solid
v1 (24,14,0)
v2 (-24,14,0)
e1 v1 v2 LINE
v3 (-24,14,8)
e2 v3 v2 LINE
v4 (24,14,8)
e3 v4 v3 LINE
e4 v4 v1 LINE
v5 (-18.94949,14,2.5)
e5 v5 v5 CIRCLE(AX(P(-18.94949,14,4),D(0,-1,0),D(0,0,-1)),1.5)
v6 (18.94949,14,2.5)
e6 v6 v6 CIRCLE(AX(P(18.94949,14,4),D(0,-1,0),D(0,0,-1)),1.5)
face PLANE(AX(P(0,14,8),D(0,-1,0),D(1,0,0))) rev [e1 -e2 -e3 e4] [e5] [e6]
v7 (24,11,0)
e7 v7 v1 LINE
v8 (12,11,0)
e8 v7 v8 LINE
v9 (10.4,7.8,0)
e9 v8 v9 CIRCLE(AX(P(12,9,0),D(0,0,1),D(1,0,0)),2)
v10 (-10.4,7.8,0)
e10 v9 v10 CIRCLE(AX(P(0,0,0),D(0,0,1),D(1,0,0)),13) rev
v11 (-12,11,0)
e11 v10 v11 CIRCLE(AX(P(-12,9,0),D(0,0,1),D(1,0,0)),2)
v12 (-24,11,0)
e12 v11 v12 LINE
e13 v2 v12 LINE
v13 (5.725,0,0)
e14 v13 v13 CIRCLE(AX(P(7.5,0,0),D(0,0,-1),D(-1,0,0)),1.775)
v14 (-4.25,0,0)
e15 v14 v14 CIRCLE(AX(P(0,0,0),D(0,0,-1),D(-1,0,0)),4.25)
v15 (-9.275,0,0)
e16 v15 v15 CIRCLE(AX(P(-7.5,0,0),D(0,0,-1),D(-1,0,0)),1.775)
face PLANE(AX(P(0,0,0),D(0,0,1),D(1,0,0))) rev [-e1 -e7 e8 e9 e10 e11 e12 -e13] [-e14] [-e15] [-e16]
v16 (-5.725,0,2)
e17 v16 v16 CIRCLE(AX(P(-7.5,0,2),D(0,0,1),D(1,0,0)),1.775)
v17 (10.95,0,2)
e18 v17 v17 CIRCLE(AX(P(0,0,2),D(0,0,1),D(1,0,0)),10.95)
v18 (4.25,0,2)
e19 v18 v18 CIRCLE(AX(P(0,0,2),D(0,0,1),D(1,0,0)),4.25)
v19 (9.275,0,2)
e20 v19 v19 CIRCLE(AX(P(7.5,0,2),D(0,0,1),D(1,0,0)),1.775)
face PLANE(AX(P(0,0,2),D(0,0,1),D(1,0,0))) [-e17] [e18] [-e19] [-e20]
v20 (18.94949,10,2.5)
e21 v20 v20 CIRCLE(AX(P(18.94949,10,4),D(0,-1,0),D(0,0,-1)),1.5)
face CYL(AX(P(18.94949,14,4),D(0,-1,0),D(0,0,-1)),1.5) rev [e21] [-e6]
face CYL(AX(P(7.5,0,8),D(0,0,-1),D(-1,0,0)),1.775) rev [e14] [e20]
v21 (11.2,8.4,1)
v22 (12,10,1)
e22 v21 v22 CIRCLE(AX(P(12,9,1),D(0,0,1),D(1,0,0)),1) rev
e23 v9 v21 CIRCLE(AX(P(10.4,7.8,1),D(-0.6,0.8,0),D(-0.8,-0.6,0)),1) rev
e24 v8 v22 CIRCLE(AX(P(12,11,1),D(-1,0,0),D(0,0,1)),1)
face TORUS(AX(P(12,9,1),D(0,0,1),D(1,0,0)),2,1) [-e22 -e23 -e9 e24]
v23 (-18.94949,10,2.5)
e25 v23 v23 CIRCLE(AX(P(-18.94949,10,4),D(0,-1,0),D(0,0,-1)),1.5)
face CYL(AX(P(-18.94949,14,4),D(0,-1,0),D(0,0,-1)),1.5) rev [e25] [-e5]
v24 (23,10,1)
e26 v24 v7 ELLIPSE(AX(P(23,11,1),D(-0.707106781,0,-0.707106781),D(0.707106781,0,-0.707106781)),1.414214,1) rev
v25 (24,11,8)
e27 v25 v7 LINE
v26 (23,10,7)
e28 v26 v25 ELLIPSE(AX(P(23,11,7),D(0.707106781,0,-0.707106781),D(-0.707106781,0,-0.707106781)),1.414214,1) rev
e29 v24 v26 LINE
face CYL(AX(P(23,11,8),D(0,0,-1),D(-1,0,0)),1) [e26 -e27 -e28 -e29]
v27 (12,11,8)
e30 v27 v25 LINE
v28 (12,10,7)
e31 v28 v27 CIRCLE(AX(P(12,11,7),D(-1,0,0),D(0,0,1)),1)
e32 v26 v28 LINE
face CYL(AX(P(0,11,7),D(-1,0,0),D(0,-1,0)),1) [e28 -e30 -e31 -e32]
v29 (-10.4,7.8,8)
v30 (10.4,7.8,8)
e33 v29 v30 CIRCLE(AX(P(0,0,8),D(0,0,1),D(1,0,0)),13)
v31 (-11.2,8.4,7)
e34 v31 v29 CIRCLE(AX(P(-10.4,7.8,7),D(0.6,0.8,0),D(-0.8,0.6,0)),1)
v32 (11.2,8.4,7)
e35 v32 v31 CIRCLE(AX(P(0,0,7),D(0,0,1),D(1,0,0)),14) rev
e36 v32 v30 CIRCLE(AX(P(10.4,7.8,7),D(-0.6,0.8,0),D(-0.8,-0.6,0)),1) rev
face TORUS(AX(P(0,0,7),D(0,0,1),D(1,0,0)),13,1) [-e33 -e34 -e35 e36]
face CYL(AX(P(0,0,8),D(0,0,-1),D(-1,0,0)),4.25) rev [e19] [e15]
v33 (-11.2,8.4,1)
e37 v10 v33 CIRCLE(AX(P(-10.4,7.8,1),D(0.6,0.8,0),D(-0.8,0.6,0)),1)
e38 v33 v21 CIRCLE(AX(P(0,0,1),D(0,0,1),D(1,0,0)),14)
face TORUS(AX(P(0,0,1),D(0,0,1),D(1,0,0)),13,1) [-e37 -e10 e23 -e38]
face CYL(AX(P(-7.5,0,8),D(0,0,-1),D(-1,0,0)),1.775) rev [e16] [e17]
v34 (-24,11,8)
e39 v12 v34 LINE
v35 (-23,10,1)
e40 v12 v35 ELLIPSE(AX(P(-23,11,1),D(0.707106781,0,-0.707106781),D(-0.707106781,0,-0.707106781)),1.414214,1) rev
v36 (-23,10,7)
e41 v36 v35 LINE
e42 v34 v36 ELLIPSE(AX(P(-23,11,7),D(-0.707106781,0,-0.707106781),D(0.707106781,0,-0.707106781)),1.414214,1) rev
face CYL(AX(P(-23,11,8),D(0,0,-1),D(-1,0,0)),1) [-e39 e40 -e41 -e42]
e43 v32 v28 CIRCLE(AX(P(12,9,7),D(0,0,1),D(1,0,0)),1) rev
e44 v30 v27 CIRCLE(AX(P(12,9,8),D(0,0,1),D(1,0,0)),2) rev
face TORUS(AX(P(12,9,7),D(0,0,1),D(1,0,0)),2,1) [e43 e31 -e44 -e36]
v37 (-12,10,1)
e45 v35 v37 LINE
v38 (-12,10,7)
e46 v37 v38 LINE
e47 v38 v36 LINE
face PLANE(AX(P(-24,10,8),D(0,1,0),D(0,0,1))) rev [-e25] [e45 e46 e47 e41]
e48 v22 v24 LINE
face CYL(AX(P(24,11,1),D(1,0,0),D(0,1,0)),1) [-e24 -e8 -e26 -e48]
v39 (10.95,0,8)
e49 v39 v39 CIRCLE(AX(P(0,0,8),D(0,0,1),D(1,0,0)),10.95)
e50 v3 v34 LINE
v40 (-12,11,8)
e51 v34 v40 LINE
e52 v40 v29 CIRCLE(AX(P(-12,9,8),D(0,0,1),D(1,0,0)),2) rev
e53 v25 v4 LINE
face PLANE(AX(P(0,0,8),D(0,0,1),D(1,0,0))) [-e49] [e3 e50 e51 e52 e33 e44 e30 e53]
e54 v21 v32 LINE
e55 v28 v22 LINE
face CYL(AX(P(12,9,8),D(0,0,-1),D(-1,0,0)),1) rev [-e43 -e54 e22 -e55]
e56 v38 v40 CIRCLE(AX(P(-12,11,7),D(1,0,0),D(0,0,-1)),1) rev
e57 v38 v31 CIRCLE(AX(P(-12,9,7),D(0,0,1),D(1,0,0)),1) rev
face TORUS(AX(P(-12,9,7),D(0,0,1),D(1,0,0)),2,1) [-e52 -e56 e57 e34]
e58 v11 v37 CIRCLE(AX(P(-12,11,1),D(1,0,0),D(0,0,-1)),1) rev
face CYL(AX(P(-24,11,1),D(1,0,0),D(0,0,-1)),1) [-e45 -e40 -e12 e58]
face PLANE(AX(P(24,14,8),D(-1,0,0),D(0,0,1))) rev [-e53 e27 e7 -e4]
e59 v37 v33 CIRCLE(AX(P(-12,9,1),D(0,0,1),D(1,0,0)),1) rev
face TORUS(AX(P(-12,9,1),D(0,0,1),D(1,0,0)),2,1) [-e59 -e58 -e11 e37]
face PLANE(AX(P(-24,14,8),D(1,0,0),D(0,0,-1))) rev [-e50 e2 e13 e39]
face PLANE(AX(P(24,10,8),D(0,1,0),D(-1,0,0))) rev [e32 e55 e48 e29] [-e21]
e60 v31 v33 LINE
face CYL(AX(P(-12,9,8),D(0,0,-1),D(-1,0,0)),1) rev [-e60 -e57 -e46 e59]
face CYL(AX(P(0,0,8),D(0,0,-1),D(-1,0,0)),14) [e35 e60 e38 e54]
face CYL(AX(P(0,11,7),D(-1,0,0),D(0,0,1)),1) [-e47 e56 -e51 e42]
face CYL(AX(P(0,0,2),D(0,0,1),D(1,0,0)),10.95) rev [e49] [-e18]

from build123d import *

# Parameters (mm, degrees)
SALIENTE_EXTRUIR1_DEPTH = 8
REDONDEO1_R             = 1
CROQUIS2_R              = 1.5
CORTAR_EXTRUIR1_DEPTH   = 35.871191617
CROQUIS3_R              = 10.95
CORTAR_EXTRUIR2_DEPTH   = 6
CROQUIS4_R              = 4.25
CROQUIS4_R_2            = 1.775
CORTAR_EXTRUIR3_DEPTH   = 29.913664638


with BuildPart() as part:
    # Croquis1 → Saliente-Extruir1 (new body)
    with BuildSketch(Plane.XY):
        with BuildLine():
            Line((0, 14), (24, 14))
            Line((24, 14), (24, 10))
            Line((24, 10), (9.797958971, 10))
            ThreePointArc((9.797958971, 10), (0, -14), (-9.797958971, 10))
            Line((-9.797958971, 10), (-24, 10))
            Line((-24, 10), (-24, 14))
            Line((-24, 14), (0, 14))
        make_face()
    extrude(amount=SALIENTE_EXTRUIR1_DEPTH)

    # Redondeo1
    redondeo1_edges = [part.edges().sort_by_distance(p)[0] for p in [
        (-9.797958971, 10, 4),
        (-24, 10, 4),
        (24, 10, 4),
        (9.797958971, 10, 4),
        (-16.898979486, 10, 8),
        (0, -14, 8),
        (-16.898979486, 10, 0),
        (16.898979486, 10, 8),
        (16.898979486, 10, 0),
        (0, -14, 0),
    ]]
    fillet(redondeo1_edges, radius=REDONDEO1_R)

    # Croquis2 → Cortar-Extruir1 (cut, through all)
    with BuildSketch(Plane.XZ.offset(-10)):
        with Locations(Location((-18.949489743, 4, 0), (0, 0, 270))):
            Circle(CROQUIS2_R)
        with Locations(Location((18.949489743, 4, 0), (0, 0, 270))):
            Circle(CROQUIS2_R)
    extrude(amount=-CORTAR_EXTRUIR1_DEPTH, mode=Mode.SUBTRACT)

    # Croquis3 → Cortar-Extruir2 (cut)
    with BuildSketch(Plane.XY.offset(8)):
        Circle(CROQUIS3_R)
    extrude(amount=-CORTAR_EXTRUIR2_DEPTH, mode=Mode.SUBTRACT)

    # Croquis4 → Cortar-Extruir3 (cut, through all)
    with BuildSketch(Plane(origin=(0, 0, 0), x_dir=(-1, 0, 0), z_dir=(0, 0, -1))):
        Circle(CROQUIS4_R)
        with Locations((7.5, 0)):
            Circle(CROQUIS4_R_2)
        with Locations((-7.5, 0)):
            Circle(CROQUIS4_R_2)
    extrude(amount=-CORTAR_EXTRUIR3_DEPTH, mode=Mode.SUBTRACT)


solid = part.part
